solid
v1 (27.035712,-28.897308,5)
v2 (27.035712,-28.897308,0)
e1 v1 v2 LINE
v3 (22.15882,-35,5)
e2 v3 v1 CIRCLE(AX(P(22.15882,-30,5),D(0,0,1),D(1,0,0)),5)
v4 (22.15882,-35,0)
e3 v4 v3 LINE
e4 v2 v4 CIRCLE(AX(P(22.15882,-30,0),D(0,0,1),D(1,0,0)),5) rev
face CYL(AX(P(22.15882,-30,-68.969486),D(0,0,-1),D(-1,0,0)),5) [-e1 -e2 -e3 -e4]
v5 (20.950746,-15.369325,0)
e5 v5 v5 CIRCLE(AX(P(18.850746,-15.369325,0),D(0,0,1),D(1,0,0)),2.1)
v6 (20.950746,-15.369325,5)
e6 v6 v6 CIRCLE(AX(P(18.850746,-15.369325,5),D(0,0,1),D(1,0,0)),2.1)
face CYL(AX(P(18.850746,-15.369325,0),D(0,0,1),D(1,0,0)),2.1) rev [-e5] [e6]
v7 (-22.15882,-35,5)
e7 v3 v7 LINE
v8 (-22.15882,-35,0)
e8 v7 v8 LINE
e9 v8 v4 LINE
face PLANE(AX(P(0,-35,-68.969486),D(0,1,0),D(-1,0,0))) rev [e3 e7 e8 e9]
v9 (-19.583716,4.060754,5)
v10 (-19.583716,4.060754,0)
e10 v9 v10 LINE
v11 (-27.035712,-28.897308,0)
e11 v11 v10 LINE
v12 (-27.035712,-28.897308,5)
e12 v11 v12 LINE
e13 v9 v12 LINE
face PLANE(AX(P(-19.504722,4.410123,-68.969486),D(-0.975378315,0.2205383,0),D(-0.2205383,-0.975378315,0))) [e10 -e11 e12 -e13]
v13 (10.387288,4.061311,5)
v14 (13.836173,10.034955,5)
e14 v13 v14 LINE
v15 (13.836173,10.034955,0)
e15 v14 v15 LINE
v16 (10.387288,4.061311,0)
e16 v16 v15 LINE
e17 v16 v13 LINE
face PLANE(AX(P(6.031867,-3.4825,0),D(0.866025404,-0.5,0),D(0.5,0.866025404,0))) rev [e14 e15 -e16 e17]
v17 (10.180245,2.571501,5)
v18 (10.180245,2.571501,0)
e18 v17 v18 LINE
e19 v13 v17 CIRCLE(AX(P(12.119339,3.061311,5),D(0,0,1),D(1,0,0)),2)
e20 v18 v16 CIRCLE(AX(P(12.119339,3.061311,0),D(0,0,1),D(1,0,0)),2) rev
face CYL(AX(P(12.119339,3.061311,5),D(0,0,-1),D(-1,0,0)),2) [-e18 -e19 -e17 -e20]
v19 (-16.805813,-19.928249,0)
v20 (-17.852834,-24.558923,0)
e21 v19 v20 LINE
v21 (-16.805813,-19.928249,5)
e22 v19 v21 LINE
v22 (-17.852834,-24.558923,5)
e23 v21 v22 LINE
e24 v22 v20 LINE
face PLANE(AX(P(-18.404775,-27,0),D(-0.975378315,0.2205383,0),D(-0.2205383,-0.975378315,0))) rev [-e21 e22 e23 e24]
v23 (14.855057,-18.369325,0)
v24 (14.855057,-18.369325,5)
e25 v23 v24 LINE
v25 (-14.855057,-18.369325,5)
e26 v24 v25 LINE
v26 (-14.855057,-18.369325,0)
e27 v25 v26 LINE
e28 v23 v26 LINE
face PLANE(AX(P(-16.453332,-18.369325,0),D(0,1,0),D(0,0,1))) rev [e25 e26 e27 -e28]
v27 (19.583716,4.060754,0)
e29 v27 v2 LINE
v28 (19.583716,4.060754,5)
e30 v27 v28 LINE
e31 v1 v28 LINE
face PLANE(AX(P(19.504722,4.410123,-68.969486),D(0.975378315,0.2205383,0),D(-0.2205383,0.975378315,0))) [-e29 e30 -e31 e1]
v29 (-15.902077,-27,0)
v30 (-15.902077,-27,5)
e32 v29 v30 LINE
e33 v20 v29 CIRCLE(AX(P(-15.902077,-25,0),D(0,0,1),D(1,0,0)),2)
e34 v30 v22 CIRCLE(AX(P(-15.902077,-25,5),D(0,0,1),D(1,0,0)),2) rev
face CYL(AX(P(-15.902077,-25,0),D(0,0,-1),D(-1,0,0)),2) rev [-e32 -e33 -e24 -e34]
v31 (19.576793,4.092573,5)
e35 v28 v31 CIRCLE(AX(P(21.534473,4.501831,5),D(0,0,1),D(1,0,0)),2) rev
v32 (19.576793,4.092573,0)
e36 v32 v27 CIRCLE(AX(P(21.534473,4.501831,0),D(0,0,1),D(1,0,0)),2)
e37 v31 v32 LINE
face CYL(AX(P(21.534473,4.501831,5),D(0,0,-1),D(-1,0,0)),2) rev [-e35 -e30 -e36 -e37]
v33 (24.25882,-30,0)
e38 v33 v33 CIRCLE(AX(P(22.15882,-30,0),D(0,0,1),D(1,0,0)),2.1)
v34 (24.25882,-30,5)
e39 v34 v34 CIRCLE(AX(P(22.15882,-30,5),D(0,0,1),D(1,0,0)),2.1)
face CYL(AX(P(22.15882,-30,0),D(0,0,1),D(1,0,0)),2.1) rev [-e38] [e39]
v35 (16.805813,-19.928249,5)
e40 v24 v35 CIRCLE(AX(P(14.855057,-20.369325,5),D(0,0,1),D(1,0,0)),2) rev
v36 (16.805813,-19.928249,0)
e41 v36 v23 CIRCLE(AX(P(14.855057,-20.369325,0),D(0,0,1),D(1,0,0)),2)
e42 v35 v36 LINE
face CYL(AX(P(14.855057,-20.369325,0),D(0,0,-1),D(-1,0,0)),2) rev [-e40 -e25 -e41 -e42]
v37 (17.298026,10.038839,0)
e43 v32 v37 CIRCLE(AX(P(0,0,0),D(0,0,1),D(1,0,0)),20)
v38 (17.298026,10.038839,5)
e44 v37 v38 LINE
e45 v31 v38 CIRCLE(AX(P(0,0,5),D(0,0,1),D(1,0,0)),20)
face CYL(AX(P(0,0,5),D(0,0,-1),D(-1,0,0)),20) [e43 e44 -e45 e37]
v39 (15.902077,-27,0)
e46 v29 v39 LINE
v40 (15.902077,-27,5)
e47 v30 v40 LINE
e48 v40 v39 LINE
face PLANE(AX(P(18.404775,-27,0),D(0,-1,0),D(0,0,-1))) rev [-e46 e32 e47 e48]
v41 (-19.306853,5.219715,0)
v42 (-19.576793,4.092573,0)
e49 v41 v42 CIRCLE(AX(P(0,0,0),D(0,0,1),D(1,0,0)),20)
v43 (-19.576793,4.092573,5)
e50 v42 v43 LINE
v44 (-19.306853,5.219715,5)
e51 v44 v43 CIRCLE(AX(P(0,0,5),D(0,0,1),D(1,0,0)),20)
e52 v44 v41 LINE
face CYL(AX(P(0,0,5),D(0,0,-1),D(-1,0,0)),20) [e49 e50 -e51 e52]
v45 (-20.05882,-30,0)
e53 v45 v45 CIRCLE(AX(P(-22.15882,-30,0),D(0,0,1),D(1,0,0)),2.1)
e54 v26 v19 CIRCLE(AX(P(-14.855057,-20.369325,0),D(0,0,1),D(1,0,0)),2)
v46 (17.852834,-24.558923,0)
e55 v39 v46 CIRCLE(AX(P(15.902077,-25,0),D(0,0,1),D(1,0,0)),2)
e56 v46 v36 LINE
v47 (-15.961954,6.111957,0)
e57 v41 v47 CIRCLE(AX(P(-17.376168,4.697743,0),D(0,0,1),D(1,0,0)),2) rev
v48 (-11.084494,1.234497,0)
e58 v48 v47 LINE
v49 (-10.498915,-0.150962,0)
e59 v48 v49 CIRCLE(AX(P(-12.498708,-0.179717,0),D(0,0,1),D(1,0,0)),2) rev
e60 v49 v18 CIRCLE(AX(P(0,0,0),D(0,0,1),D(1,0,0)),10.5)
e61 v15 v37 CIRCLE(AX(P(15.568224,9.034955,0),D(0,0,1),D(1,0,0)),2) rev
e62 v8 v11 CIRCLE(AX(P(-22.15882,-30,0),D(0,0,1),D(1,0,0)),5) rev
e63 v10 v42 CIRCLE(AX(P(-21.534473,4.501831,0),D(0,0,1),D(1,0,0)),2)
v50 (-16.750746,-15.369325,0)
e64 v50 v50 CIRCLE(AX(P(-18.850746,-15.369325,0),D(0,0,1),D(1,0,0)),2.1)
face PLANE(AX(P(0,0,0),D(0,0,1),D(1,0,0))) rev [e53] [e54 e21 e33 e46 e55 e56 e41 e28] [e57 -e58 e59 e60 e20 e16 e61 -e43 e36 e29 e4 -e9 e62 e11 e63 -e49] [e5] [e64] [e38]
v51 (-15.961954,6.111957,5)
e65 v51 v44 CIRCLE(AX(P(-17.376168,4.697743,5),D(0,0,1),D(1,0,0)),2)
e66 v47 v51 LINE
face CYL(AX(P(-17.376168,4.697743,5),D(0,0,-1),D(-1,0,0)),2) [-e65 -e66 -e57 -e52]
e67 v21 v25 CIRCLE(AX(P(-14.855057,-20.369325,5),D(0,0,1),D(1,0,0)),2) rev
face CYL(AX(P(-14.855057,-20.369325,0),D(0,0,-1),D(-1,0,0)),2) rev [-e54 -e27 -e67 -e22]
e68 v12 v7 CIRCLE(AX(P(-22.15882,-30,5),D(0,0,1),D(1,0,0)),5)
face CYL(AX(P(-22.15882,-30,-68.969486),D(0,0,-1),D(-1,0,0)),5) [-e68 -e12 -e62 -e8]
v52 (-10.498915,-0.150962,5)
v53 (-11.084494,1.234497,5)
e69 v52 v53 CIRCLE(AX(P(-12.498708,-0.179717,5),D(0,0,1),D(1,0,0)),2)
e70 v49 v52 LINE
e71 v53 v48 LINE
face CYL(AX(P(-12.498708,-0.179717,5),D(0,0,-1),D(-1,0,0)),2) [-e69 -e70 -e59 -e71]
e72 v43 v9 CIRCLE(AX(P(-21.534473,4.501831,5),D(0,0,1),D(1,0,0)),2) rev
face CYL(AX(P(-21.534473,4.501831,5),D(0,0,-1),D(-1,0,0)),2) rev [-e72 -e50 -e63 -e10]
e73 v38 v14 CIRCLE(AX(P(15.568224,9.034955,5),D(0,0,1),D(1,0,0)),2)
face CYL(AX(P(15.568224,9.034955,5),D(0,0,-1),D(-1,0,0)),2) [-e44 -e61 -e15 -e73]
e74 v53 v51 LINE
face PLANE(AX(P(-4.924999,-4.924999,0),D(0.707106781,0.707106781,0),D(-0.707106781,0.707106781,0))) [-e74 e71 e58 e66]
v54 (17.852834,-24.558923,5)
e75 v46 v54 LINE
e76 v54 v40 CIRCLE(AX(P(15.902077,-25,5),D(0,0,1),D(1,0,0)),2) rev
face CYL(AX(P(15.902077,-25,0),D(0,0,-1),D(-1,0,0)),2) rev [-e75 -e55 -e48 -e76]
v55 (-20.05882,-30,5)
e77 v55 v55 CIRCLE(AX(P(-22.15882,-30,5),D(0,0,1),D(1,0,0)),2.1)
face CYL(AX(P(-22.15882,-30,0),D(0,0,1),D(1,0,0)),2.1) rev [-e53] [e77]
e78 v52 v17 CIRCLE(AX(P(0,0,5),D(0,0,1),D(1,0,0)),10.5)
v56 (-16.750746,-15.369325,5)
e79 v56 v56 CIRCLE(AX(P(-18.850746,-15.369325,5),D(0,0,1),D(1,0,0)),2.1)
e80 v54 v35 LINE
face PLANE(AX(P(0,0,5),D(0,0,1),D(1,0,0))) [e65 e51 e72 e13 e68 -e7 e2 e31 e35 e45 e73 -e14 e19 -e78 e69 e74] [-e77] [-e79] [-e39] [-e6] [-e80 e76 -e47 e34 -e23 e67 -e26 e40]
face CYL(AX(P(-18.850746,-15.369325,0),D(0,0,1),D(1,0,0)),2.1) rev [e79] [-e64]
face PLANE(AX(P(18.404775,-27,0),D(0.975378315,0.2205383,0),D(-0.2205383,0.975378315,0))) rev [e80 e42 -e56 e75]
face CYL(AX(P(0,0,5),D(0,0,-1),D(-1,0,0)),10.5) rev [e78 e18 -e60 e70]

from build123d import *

# Parameters (mm, degrees)
SKETCH_1_R          = 20
SKETCH_1_R_2        = 10.5
EXTRUDE_1_DEPTH     = 5
EXTRUDE_START       = -5
EXTRUDE_2_DEPTH     = 5
FILLET_1_R          = 5
SKETCH_3_R          = 2.1
CUT_EXTRUDE_1_DEPTH = 45.582524906
CUT_EXTRUDE_2_DEPTH = 45.582524906
FILLET_2_R          = 2


with BuildPart() as part:
    # 草图1 → 凸台-拉伸1 (new body)
    with BuildSketch(Plane.XY):
        Circle(SKETCH_1_R)
        Circle(SKETCH_1_R_2, mode=Mode.SUBTRACT)
    extrude(amount=EXTRUDE_1_DEPTH)

    # 草图2 → 凸台-拉伸2 (add)
    with BuildSketch(Plane.XY.offset(5).offset(EXTRUDE_START)):
        with BuildLine():
            Line((-28.415563483, -35), (28.415563483, -35))
            Line((28.415563483, -35), (19.580039782, 4.077013874))
            ThreePointArc((19.580039782, 4.077013874), (19.894732917, 2.049293093), (20, 0))
            ThreePointArc((20, 0), (-2.049293093, -19.894732917), (-19.580039782, 4.077013874))
            Line((-19.580039782, 4.077013874), (-28.415563483, -35))
        make_face()
    extrude(amount=EXTRUDE_2_DEPTH)

    # 圆角1
    fillet_1_edges = [part.edges().sort_by_distance(p)[0] for p in [
        (28.415563483, -35, 2.5),
        (-28.415563483, -35, 2.5),
    ]]
    fillet(fillet_1_edges, radius=FILLET_1_R)

    # 草图3 → 切除-拉伸1 (cut, through all)
    with BuildSketch(Plane.XY.offset(5)):
        with Locations((22.158820427, -30)):
            Circle(SKETCH_3_R)
        with Locations((-22.158820427, -30)):
            Circle(SKETCH_3_R)
        with Locations((-18.850745921, -15.36932527)):
            Circle(SKETCH_3_R)
        with Locations((18.850745921, -15.36932527)):
            Circle(SKETCH_3_R)
        Polygon((-16.453332464, -18.36932527), (16.453332464, -18.36932527), (18.404774593, -27), (-18.404774593, -27), align=None)
    extrude(amount=-CUT_EXTRUDE_1_DEPTH, mode=Mode.SUBTRACT)

    # 草图4 → 切除-拉伸2 (cut, through all)
    with BuildSketch(Plane.XY.offset(5)):
        with BuildLine():
            Line((-2.103165657, 10.287210225), (-1.493384576, 11.343382038))
            Line((-1.493384576, 11.343382038), (-8.331863171, 18.181860633))
            ThreePointArc((-8.331863171, 18.181860633), (-14.142135624, 14.142135624), (-18.181860633, 8.331863171))
            Line((-18.181860633, 8.331863171), (-10.481021364, 0.631023902))
            ThreePointArc((-10.481021364, 0.631023902), (-7.931010296, 6.881066464), (-2.103165657, 10.287210225))
        make_face()
        with BuildLine():
            Line((-8.331863171, 18.181860633), (-1.493384576, 11.343382038))
            Line((-1.493384576, 11.343382038), (3.342150011, 19.718773626))
            ThreePointArc((3.342150011, 19.718773626), (-2.610523844, 19.828897227), (-8.331863171, 18.181860633))
        make_face()
        with BuildLine():
            ThreePointArc((-2.103165657, 10.287210225), (-1.370525018, 10.410171044), (-0.631023902, 10.481021364))
            Line((-0.631023902, 10.481021364), (-1.493384576, 11.343382038))
            Line((-1.493384576, 11.343382038), (-2.103165657, 10.287210225))
        make_face()
        with BuildLine():
            Line((-1.493384576, 11.343382038), (-0.631023902, 10.481021364))
            ThreePointArc((-0.631023902, 10.481021364), (5.879816622, 8.699296321), (9.960568218, 3.322210225))
            Line((9.960568218, 3.322210225), (15.405883886, 12.753773626))
            ThreePointArc((15.405883886, 12.753773626), (10, 17.320508076), (3.342150011, 19.718773626))
            Line((3.342150011, 19.718773626), (-1.493384576, 11.343382038))
        make_face()
    extrude(amount=-CUT_EXTRUDE_2_DEPTH, mode=Mode.SUBTRACT)

    # 圆角2
    fillet_2_edges = [part.edges().sort_by_distance(p)[0] for p in [
        (-19.580039782, 4.077013874, 2.5),
        (19.580039782, 4.077013874, 2.5),
        (-18.404774593, -27, 2.5),
        (-16.453332464, -18.36932527, 2.5),
        (16.453332464, -18.36932527, 2.5),
        (18.404774593, -27, 2.5),
        (9.960568218, 3.322210225, 2.5),
        (-10.481021364, 0.631023902, 2.5),
        (-18.181860633, 8.331863171, 2.5),
        (15.405883886, 12.753773626, 2.5),
    ]]
    fillet(fillet_2_edges, radius=FILLET_2_R)


solid = part.part
